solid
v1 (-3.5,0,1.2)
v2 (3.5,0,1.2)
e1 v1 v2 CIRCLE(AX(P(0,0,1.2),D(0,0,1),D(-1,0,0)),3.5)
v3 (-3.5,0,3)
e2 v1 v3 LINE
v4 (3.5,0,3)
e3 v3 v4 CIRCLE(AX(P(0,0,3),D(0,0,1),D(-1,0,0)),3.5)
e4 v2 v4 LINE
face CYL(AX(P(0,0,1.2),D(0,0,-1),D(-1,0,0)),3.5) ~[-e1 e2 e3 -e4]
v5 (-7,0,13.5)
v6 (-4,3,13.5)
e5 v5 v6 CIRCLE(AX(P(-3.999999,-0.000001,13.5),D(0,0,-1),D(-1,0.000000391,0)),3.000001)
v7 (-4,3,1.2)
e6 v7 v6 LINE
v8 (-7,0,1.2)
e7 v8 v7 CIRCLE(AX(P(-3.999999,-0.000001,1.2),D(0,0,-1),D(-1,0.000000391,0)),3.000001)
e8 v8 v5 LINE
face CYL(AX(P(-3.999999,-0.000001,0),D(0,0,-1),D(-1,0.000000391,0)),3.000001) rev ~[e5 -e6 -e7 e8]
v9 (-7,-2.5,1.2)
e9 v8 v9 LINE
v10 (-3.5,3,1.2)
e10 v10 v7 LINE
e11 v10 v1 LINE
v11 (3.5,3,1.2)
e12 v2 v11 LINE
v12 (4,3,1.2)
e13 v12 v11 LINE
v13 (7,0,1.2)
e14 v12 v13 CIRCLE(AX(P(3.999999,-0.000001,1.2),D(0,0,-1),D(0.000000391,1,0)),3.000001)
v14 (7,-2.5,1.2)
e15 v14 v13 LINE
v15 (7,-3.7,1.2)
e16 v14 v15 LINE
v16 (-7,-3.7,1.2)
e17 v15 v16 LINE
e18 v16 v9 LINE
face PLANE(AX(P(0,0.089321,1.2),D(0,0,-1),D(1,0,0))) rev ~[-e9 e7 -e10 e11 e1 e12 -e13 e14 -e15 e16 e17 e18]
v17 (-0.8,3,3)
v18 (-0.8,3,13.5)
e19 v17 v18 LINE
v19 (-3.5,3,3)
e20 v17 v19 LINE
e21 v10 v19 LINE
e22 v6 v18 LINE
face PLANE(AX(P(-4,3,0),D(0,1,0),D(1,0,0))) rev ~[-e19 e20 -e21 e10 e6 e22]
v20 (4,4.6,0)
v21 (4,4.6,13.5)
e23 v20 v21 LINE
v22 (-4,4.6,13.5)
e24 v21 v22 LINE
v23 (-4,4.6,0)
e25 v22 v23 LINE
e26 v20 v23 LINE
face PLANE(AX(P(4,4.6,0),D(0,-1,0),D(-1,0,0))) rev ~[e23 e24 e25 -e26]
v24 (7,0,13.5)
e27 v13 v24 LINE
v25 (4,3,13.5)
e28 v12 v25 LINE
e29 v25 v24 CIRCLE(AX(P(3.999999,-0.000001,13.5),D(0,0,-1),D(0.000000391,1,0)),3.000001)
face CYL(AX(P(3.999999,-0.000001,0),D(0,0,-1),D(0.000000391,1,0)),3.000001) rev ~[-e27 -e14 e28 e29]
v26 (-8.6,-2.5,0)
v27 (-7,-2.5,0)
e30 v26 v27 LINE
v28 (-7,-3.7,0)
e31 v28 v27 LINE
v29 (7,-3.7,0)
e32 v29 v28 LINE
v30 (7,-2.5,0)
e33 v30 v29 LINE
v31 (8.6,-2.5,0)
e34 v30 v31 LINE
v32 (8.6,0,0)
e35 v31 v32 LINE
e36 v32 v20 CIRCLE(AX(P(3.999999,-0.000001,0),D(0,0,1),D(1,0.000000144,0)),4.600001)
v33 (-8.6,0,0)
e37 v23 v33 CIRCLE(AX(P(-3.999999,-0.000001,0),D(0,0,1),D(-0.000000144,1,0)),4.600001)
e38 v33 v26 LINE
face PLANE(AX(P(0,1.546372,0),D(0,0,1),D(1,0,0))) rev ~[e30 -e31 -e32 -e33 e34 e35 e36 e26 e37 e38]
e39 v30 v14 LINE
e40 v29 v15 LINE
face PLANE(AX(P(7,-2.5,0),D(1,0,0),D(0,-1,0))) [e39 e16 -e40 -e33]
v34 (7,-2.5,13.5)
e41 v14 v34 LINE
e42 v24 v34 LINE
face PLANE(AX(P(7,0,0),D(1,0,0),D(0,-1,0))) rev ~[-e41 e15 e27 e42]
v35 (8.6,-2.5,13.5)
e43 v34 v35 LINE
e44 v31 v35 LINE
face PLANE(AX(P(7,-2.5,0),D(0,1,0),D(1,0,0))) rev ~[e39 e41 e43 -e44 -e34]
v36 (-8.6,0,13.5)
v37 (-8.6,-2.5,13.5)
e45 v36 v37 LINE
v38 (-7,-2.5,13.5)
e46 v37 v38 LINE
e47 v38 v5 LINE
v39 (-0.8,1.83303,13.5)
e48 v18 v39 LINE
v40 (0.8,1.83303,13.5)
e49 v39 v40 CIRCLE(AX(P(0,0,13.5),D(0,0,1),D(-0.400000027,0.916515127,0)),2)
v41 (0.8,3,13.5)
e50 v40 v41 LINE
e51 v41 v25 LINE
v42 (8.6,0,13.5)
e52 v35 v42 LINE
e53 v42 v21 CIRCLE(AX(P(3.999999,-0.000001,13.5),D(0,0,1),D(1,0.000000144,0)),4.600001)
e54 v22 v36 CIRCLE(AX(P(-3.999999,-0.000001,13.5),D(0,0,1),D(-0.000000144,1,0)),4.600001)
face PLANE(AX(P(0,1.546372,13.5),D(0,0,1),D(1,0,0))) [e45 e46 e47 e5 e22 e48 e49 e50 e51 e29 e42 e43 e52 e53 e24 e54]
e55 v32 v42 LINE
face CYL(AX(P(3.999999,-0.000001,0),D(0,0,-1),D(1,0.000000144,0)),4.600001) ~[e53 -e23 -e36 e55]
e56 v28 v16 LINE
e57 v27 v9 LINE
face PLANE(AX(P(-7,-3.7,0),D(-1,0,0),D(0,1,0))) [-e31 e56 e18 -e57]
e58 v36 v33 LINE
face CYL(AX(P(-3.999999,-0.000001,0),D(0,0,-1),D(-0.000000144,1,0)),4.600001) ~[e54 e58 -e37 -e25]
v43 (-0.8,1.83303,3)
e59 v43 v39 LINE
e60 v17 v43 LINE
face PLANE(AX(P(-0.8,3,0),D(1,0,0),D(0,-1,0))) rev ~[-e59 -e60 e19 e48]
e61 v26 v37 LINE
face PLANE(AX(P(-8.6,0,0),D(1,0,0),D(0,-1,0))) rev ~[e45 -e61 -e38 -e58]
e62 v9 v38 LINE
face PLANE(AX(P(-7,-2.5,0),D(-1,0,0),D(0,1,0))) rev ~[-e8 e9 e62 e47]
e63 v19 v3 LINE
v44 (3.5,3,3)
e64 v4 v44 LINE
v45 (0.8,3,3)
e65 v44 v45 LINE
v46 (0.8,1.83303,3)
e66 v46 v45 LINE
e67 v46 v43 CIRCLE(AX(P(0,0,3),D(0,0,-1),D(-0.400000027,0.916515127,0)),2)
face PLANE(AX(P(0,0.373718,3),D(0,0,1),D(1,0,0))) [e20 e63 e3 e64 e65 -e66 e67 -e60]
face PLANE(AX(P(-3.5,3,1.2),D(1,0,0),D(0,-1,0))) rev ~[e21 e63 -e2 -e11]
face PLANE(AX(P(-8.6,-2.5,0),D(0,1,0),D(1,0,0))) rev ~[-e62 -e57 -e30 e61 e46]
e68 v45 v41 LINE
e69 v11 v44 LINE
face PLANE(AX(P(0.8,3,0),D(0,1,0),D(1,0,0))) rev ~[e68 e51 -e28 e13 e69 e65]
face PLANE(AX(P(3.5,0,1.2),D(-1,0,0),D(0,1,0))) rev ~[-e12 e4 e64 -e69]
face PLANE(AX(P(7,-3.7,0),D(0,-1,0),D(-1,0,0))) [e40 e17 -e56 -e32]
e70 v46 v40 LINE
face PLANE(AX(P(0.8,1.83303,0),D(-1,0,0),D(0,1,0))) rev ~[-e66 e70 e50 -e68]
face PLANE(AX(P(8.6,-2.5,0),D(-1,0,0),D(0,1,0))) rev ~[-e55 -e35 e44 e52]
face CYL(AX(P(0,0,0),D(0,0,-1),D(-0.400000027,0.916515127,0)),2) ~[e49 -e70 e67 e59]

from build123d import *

# Parameters (mm, degrees)
F1_DEPTH = 13.5
F3_DEPTH = 1.2
F5_DEPTH = 1.8


with BuildPart() as f1:
    # F0 (on Top) → F1 (new body)
    with BuildSketch(Plane.XY):
        with BuildLine():
            Line((-8.6, 0), (-8.6, -2.5))
            Line((-8.6, -2.5), (-7, -2.5))
            Line((-7, -2.5), (-7, 0))
            ThreePointArc((-7, 0), (-6.12132, 2.12132), (-4, 3))
            Line((-4, 3), (-0.8, 3))
            Line((-0.8, 3), (-0.8, 1.83303))
            ThreePointArc((-0.8, 1.83303), (0, -2), (0.8, 1.83303))
            Line((0.8, 1.83303), (0.8, 3))
            Line((0.8, 3), (4, 3))
            ThreePointArc((4, 3), (6.12132, 2.12132), (7, 0))
            Line((7, 0), (7, -2.5))
            Line((7, -2.5), (8.6, -2.5))
            Line((8.6, -2.5), (8.6, 0))
            ThreePointArc((8.6, 0), (7.252691, 3.252691), (4, 4.6))
            Line((4, 4.6), (-4, 4.6))
            ThreePointArc((-4, 4.6), (-7.252691, 3.252691), (-8.6, 0))
        make_face()
    extrude(amount=F1_DEPTH)

    # F2 (on face) → F3 (join)
    with BuildSketch(Plane(origin=(0, 0, 0), x_dir=(1, 0, 0), z_dir=(0, 0, -1))):
        with BuildLine():
            Line((-7, 2.5), (-8.6, 2.5))
            Line((-8.6, 2.5), (-8.6, 0))
            ThreePointArc((-8.6, 0), (-7.252691, -3.252691), (-4, -4.6))
            Line((-4, -4.6), (4, -4.6))
            ThreePointArc((4, -4.6), (7.252691, -3.252691), (8.6, 0))
            Line((8.6, 0), (8.6, 2.5))
            Line((8.6, 2.5), (7, 2.5))
            Line((7, 2.5), (7, 3.7))
            Line((7, 3.7), (-7, 3.7))
            Line((-7, 3.7), (-7, 2.5))
        make_face()
    extrude(amount=-F3_DEPTH)

    # F4 (on face) → F5 (join)
    with BuildSketch(Plane.XY.offset(1.2)):
        with BuildLine():
            Line((-3.5, 3), (-3.5, 0))
            ThreePointArc((-3.5, 0), (0, -3.5), (3.5, 0))
            Line((3.5, 0), (3.5, 3))
            Line((3.5, 3), (-3.5, 3))
        make_face()
    extrude(amount=F5_DEPTH)


solid = f1.part
